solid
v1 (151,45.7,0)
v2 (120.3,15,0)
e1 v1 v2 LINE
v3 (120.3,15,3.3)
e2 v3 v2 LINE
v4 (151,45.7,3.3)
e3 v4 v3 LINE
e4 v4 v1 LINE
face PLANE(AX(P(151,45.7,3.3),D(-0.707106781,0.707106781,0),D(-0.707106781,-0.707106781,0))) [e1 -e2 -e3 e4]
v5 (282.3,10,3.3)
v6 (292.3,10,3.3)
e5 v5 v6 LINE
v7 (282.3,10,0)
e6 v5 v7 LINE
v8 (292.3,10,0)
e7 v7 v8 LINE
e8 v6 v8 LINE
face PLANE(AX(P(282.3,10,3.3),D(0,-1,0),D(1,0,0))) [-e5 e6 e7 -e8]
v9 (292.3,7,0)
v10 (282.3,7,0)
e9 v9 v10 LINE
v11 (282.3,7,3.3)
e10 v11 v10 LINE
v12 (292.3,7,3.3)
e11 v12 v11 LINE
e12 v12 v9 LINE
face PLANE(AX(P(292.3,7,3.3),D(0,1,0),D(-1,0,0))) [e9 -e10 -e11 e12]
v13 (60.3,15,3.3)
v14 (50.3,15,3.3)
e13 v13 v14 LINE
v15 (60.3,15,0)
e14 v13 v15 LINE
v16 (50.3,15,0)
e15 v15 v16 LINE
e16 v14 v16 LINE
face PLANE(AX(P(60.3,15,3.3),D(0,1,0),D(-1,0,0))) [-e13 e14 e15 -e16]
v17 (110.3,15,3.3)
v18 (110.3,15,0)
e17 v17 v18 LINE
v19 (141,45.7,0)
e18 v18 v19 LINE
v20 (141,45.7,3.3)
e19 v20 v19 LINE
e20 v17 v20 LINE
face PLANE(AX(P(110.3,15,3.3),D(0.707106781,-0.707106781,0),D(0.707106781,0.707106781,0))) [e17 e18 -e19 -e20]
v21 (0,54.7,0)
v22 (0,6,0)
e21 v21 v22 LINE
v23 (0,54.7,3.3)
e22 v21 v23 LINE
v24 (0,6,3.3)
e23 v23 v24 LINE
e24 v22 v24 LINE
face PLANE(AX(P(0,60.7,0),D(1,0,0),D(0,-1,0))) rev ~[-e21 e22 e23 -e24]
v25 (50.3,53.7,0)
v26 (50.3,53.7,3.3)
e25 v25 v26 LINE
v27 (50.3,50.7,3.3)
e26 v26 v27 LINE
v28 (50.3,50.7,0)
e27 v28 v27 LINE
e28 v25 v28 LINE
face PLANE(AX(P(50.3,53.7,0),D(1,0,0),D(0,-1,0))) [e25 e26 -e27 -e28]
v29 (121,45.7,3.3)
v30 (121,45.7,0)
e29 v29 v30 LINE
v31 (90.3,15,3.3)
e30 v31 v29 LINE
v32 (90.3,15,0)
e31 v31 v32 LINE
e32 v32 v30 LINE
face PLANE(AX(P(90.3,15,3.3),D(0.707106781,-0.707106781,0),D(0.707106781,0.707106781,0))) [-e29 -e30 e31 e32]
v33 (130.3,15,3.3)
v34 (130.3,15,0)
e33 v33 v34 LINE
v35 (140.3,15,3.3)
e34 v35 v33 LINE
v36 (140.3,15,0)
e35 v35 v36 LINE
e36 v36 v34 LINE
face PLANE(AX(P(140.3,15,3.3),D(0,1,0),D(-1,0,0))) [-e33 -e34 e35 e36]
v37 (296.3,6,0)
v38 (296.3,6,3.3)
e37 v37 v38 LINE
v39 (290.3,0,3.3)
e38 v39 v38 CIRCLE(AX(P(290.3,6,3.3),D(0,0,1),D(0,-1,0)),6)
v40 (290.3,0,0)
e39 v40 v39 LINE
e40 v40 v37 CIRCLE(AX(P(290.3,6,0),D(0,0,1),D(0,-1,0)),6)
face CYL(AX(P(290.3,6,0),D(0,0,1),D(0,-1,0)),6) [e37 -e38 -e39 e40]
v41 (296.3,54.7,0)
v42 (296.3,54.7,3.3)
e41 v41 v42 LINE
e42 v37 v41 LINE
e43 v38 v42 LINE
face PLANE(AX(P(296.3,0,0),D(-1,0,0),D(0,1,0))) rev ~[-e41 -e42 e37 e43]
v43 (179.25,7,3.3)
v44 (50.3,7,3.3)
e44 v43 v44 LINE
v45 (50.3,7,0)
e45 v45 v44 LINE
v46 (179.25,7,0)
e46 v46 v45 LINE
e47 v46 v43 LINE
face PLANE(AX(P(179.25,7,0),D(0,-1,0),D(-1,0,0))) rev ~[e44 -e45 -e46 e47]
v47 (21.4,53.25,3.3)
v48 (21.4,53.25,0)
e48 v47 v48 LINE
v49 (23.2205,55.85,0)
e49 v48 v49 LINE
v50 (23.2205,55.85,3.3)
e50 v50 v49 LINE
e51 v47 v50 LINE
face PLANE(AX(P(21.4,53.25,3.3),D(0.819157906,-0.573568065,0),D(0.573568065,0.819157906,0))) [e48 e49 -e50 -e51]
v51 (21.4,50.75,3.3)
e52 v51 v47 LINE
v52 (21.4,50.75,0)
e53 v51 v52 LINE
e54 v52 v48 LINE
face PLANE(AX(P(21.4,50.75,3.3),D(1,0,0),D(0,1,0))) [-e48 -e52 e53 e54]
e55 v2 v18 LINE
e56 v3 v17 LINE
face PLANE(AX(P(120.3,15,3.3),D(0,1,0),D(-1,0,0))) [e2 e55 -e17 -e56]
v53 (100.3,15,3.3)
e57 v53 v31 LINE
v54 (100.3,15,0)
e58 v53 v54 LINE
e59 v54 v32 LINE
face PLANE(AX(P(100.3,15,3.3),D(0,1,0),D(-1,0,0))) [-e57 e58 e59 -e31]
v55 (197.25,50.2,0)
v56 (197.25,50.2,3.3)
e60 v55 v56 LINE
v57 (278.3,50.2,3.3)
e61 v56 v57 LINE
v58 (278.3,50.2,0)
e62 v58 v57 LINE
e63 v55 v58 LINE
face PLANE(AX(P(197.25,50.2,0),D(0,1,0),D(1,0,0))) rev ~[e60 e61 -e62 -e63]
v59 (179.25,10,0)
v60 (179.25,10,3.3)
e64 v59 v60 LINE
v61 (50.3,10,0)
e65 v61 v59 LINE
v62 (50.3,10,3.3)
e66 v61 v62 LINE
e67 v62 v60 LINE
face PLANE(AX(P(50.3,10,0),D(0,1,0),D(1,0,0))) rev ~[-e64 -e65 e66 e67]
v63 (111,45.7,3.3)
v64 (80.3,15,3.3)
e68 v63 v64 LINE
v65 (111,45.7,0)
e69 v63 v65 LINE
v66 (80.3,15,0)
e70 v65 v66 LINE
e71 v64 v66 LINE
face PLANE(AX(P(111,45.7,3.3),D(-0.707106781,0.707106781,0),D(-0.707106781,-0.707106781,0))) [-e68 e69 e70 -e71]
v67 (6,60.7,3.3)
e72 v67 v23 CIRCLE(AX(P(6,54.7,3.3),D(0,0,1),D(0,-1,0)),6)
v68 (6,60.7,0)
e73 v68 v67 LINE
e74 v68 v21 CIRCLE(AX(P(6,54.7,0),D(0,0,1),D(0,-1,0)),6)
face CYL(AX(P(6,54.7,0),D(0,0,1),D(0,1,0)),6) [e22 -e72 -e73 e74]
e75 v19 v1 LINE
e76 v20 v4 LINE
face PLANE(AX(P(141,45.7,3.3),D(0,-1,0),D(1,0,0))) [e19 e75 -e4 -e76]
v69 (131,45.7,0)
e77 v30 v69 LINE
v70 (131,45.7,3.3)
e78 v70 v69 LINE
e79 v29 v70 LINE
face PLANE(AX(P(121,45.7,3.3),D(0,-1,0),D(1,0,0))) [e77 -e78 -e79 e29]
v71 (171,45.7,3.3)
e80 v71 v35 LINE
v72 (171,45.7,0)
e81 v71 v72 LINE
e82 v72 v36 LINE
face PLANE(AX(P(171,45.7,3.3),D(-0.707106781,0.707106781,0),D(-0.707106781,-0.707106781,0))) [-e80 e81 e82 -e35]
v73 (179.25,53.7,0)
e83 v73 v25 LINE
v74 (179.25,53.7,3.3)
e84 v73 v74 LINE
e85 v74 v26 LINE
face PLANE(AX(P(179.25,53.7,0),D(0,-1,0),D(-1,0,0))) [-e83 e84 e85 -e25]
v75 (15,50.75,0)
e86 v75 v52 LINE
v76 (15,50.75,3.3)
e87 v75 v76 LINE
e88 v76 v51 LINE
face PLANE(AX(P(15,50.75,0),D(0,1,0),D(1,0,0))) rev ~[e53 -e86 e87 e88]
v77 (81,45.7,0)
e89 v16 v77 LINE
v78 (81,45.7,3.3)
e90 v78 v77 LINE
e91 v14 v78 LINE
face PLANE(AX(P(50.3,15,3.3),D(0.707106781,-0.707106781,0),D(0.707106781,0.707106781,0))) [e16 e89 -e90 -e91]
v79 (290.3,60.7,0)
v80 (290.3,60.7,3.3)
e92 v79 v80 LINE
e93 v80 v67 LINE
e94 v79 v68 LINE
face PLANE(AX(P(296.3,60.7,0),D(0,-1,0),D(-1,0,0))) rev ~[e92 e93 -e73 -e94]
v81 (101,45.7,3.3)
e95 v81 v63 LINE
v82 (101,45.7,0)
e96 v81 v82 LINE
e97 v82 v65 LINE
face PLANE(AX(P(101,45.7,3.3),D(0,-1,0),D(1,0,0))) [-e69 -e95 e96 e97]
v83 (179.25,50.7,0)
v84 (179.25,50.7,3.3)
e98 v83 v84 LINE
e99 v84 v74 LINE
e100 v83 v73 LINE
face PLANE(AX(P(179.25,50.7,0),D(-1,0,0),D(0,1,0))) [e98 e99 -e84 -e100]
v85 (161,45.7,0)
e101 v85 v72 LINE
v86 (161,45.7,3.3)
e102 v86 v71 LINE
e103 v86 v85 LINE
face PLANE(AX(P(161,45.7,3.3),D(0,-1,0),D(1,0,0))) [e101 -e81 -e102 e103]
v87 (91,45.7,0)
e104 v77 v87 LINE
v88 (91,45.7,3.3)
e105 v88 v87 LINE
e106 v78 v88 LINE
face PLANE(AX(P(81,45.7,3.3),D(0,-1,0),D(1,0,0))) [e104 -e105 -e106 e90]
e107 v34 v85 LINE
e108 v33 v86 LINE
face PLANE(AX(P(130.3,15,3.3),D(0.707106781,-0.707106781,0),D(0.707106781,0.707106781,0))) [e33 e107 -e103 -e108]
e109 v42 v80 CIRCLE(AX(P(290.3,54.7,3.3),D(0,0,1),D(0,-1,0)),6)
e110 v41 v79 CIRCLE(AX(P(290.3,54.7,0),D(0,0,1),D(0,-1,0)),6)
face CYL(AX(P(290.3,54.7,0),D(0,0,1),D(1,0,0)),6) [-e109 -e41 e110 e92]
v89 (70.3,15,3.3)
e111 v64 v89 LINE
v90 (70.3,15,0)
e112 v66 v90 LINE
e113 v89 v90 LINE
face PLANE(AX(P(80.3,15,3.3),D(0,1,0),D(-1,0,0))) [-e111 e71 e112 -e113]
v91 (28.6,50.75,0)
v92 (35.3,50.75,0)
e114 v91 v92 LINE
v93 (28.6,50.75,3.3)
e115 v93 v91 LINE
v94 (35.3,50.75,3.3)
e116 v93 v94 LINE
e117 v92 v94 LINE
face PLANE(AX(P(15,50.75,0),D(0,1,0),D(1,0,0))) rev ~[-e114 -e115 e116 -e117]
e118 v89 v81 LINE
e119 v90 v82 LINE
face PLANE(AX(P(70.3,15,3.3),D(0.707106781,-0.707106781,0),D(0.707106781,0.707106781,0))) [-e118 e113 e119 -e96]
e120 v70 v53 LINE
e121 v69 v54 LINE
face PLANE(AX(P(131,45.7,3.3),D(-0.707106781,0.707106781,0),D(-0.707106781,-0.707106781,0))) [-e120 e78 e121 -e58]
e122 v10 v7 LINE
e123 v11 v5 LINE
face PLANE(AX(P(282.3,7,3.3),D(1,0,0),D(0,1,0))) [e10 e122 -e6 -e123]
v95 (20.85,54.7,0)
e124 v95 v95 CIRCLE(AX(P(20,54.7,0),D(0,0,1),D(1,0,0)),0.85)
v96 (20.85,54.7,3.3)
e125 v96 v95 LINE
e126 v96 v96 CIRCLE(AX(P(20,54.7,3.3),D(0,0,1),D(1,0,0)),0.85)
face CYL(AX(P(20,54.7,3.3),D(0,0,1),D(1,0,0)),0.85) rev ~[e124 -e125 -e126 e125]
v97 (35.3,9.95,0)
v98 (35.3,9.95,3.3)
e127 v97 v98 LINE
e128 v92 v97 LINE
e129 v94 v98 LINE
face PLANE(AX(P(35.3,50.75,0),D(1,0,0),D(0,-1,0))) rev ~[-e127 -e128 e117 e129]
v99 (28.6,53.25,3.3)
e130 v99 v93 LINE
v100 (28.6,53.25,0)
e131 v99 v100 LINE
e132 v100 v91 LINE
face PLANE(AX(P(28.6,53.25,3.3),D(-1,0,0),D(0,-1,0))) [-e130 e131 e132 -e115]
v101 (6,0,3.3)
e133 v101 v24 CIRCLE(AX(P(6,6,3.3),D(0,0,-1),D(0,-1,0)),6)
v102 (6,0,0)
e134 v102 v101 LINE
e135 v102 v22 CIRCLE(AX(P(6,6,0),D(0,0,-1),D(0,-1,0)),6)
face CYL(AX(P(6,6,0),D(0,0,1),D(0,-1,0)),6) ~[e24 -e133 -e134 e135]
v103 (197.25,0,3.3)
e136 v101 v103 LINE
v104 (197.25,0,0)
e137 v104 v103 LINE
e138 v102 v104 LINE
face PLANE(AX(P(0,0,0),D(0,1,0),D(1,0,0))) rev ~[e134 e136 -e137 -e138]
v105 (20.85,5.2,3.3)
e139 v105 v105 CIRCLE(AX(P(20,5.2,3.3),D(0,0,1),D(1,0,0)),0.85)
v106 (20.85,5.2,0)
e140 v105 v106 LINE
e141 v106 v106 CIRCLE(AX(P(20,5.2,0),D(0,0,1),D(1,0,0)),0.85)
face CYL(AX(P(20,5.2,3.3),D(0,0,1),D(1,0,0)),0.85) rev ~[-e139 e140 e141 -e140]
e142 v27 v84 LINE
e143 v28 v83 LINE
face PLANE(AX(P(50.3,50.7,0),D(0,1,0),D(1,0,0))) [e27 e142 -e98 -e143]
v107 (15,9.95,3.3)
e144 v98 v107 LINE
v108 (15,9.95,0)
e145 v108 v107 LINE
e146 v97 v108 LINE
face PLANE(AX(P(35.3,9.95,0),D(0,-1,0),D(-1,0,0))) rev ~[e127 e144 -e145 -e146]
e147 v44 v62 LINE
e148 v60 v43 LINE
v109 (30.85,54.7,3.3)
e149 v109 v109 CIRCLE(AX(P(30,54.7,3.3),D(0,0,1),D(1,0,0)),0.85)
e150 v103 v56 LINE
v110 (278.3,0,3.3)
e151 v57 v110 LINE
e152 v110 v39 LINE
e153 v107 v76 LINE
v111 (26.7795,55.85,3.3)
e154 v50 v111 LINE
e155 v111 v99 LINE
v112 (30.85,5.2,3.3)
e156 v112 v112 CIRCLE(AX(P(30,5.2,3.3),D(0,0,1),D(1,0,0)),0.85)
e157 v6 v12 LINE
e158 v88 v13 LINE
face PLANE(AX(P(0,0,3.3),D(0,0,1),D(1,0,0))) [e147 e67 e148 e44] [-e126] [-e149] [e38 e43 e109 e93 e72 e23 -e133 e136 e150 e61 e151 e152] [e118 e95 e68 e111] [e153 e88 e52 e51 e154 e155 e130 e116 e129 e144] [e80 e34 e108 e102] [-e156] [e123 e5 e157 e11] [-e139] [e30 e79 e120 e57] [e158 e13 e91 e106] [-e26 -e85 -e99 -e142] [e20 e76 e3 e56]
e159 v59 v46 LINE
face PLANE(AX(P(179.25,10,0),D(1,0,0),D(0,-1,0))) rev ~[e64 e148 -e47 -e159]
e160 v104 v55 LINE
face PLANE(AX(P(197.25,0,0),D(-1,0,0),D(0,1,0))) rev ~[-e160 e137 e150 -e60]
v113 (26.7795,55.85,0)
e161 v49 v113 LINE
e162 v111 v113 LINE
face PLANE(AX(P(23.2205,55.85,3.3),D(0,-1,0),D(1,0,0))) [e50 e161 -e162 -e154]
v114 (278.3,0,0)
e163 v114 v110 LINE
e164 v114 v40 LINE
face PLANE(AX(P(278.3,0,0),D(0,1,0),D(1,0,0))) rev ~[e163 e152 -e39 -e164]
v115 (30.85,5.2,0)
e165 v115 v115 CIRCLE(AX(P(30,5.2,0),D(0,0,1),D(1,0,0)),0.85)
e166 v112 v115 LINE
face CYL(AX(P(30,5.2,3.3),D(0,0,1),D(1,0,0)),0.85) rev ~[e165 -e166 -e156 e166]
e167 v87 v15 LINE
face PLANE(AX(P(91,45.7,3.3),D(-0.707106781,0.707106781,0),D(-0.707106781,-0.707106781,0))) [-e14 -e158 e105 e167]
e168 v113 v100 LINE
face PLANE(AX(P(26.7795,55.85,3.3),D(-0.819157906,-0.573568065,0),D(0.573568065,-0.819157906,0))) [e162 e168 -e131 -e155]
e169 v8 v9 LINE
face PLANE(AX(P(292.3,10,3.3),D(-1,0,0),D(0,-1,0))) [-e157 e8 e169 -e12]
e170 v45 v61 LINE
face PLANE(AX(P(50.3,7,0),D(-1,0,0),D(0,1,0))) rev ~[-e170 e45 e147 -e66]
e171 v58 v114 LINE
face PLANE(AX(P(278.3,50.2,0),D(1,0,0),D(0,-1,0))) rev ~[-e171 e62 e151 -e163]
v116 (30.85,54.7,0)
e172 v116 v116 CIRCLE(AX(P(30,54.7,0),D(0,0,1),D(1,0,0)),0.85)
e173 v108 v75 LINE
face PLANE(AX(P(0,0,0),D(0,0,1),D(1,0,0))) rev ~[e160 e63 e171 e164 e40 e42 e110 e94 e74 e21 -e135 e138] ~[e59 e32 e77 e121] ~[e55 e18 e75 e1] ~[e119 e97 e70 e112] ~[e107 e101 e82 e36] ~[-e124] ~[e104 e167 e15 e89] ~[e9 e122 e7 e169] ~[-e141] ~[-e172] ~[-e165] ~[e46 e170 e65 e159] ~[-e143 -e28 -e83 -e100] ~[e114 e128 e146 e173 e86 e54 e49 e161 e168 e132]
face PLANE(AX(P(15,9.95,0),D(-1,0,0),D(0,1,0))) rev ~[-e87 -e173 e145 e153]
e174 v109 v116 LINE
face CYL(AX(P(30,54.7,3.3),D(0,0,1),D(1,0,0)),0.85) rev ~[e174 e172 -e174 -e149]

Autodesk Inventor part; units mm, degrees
ref_plane "YZ Plane" through (0, 0, 0) normal (1, 0, 0) x (0, 1, 0)
ref_plane "XZ Plane" through (0, 0, 0) normal (0, 1, 0) x (-1, 0, 0)
ref_plane "XY Plane" through (0, 0, 0) normal (0, 0, 1) x (1, 0, 0)
sketch "Sketch7" plane through (0, 0, 0) normal (0, 0, 1) x (1, 0, 0)
  line L0 (296.3, 0) -> (296.3, 60.7)
  line L1 (296.3, 60.7) -> (0, 60.7)
  line L2 (0, 60.7) -> (0, 0)
  line L3 (50.3, 10) -> (179.25, 10)
  line L4 (179.25, 10) -> (179.25, 7)
  line L5 (179.25, 7) -> (50.3, 7)
  line L6 (50.3, 7) -> (50.3, 10)
  line L7 (15, 50.75) -> (35.3, 50.75)
  line L8 (35.3, 50.75) -> (35.3, 9.95)
  line L9 (35.3, 9.95) -> (15, 9.95)
  line L10 (15, 9.95) -> (15, 50.75)
  line L11 (50.3, 50.7) -> (179.25, 50.7)
  line L12 (179.25, 50.7) -> (179.25, 53.7)
  line L13 (179.25, 53.7) -> (50.3, 53.7)
  line L14 (50.3, 53.7) -> (50.3, 50.7)
  line L15 (0, 0) -> (197.25, 0)
  line L16 (197.25, 0) -> (197.25, 50.2)
  line L17 (197.25, 50.2) -> (278.3, 50.2)
  line L18 (278.3, 50.2) -> (278.3, 0)
  line L19 (278.3, 0) -> (296.3, 0)
  line L20 (282.3, 10) -> (292.3, 10)
  line L21 (292.3, 10) -> (292.3, 7)
  line L22 (292.3, 7) -> (282.3, 7)
  line L23 (282.3, 7) -> (282.3, 10)
  point P0 (50.3, 52.2)
  point P1 (50.3, 8.5)
  dimension "d154" = 128.95
  dimension "d159" = 3
  dimension "d161" = 40.8
  dimension "d162" = 20.3
  dimension "d163" = 15
  dimension "d168" = 7
  dimension "d224" = 40.7
  dimension "d225" = 15
  dimension "d232" = 60.7
  dimension "d233" = 7
  dimension "d234" = 18
  dimension "d235" = 81.05
  dimension "d236" = 9.95
  dimension "d237" = 10.5
  dimension "d239" = 18
  dimension "d240" = 4
  dimension "d247" = 10
extrude "Extrusion7" add sketch "Sketch7" along normal blind 3.3 contours L19 L18 L17 L16 L15 L2 L1 L0 | L20 L21 L22 L23
fillet "Fillet1" radius 6 4 edges at (0, 60.7, 1.65) (0, 0, 1.65) (296.3, 60.7, 1.65) (296.3, 0, 1.65)
sketch "Sketch9" plane through (0, 0, 3.3) normal (0, 0, 1) x (1, 0, 0)
  arc A0 (290.3, 0) -> (296.3, 6) centre (290.3, 6) ccw projected
  line L0 (296.3, 6) -> (296.3, 54.7) projected
  arc A1 (296.3, 54.7) -> (290.3, 60.7) centre (290.3, 54.7) ccw projected
  line L1 (290.3, 60.7) -> (6, 60.7) projected
  arc A2 (6, 60.7) -> (0, 54.7) centre (6, 54.7) ccw projected
  line L2 (0, 54.7) -> (0, 6) projected
  arc A3 (0, 6) -> (6, 0) centre (6, 6) ccw projected
  line L3 (35.3, 50.75) -> (35.3, 9.95) projected
  line L4 (35.3, 9.95) -> (15, 9.95) projected
  line L5 (15, 9.95) -> (15, 50.75) projected
  line L6 (15, 50.75) -> (35.3, 50.75) projected
  line L7 (50.3, 50.7) -> (50.3, 53.7) projected
  line L8 (50.3, 53.7) -> (179.25, 53.7) projected
  line L9 (179.25, 53.7) -> (179.25, 50.7) projected
  line L10 (179.25, 50.7) -> (50.3, 50.7) projected
  line L11 (179.25, 10) -> (179.25, 7) projected
  line L12 (179.25, 7) -> (50.3, 7) projected
  line L13 (50.3, 7) -> (50.3, 10) projected
  line L14 (50.3, 10) -> (179.25, 10) projected
  line L15 (50.3, 15) -> (81, 45.7)
  line L16 (81, 45.7) -> (91, 45.7)
  line L17 (91, 45.7) -> (60.3, 15)
  line L18 (60.3, 15) -> (50.3, 15)
  line L19 (6, 0) -> (197.25, 0) projected
  line L20 (197.25, 0) -> (197.25, 50.2) projected
  line L21 (197.25, 50.2) -> (278.3, 50.2) projected
  line L22 (278.3, 50.2) -> (278.3, 0) projected
  line L23 (278.3, 0) -> (290.3, 0) projected
  point P0 (0, 0)
  dimension "d172" = 45
  dimension "d173" = 10
  dimension "d175" = 5
  dimension "d182" = 5
extrude "Extrusion8" cut sketch "Sketch9" against normal blind 3.3 contours L15 L16 L17 L18
sketch "Sketch10" plane through (0, 0, 3.3) normal (0, 0, 1) x (1, 0, 0)
  line L0 (15, 9.95) -> (15, 50.75) projected
  line L1 (15, 50.75) -> (35.3, 50.75) projected
  line L2 (35.3, 50.75) -> (35.3, 9.95) projected
  line L3 (35.3, 9.95) -> (15, 9.95) projected
  circle A0 centre (20, 54.7) radius 0.85
  circle A1 centre (30, 54.7) radius 0.85
  circle A2 centre (20, 5.2) radius 0.85
  circle A3 centre (30, 5.2) radius 0.85
  point P0 (0, 0)
  dimension "d183" = 1.7
  dimension "d184" = 5
  dimension "d185" = 10
  dimension "d186" = 5
  dimension "d187" = 10
  dimension "d188" = 3.95
  dimension "d189" = 4.75
extrude "Extrusion9" cut sketch "Sketch10" against normal blind 10 contours A0 | A1 | A2 | A3
sketch "Sketch11" plane through (0, 0, 3.3) normal (0, 0, 1) x (1, 0, 0)
  line L0 (15, 50.75) -> (35.3, 50.75) projected
  line L1 (21.4, 55.85) -> (28.6, 55.85) construction
  line L2 (28.6, 55.85) -> (28.6, 50.75) construction
  line L3 (28.6, 50.75) -> (21.4, 50.75)
  line L4 (21.4, 50.75) -> (21.4, 55.85) construction
  line L5 (15, 9.95) -> (15, 50.75) projected
  line L6 (35.3, 50.75) -> (35.3, 9.95) projected
  line L7 (259.7, 10) -> (259.7, 50.8) projected
  line L8 (21.4, 53.25) -> (23.2205, 55.85)
  line L9 (26.7795, 55.85) -> (28.6, 53.25)
  line L10 (21.4, 50.75) -> (21.4, 53.25)
  line L11 (23.2205, 55.85) -> (26.7795, 55.85)
  line L12 (28.6, 53.25) -> (28.6, 50.75)
  point P0 (0, 0)
  dimension "d203" = 6.4
  dimension "d205" = 5.1
  dimension "d206" = 7.2
  dimension "d215" = 35
  dimension "d216" = 2.5
  dimension "d217" = 35
extrude "Extrusion10" cut sketch "Sketch11" against normal blind 10
sketch "Sketch13" plane through (0, 0, 3.3) normal (0, 0, 1) x (1, 0, 0)
  line L0 (282.3, 10) -> (292.3, 10) projected
  line L1 (292.3, 10) -> (292.3, 7) projected
  line L2 (292.3, 7) -> (282.3, 7) projected
  line L3 (282.3, 7) -> (282.3, 10) projected
  point P0 (0, 0)
extrude "Extrusion11" cut sketch "Sketch13" against normal up to surface (3.3 mm away)
pattern_linear "Rectangular Pattern2" count 5 spacing 20 along (1, 0, 0) of "Extrusion8"
equation "\"base_servo\" = 20"
equation "\"altura_servo\" = 40"
equation "\"agujero_servo\" = 2"
equation "\"distancia_agujero_servo\" = 4.75"
equation "\"largo_base\" = 200"
properties part number "Cuerpo - LateralPrueba"
